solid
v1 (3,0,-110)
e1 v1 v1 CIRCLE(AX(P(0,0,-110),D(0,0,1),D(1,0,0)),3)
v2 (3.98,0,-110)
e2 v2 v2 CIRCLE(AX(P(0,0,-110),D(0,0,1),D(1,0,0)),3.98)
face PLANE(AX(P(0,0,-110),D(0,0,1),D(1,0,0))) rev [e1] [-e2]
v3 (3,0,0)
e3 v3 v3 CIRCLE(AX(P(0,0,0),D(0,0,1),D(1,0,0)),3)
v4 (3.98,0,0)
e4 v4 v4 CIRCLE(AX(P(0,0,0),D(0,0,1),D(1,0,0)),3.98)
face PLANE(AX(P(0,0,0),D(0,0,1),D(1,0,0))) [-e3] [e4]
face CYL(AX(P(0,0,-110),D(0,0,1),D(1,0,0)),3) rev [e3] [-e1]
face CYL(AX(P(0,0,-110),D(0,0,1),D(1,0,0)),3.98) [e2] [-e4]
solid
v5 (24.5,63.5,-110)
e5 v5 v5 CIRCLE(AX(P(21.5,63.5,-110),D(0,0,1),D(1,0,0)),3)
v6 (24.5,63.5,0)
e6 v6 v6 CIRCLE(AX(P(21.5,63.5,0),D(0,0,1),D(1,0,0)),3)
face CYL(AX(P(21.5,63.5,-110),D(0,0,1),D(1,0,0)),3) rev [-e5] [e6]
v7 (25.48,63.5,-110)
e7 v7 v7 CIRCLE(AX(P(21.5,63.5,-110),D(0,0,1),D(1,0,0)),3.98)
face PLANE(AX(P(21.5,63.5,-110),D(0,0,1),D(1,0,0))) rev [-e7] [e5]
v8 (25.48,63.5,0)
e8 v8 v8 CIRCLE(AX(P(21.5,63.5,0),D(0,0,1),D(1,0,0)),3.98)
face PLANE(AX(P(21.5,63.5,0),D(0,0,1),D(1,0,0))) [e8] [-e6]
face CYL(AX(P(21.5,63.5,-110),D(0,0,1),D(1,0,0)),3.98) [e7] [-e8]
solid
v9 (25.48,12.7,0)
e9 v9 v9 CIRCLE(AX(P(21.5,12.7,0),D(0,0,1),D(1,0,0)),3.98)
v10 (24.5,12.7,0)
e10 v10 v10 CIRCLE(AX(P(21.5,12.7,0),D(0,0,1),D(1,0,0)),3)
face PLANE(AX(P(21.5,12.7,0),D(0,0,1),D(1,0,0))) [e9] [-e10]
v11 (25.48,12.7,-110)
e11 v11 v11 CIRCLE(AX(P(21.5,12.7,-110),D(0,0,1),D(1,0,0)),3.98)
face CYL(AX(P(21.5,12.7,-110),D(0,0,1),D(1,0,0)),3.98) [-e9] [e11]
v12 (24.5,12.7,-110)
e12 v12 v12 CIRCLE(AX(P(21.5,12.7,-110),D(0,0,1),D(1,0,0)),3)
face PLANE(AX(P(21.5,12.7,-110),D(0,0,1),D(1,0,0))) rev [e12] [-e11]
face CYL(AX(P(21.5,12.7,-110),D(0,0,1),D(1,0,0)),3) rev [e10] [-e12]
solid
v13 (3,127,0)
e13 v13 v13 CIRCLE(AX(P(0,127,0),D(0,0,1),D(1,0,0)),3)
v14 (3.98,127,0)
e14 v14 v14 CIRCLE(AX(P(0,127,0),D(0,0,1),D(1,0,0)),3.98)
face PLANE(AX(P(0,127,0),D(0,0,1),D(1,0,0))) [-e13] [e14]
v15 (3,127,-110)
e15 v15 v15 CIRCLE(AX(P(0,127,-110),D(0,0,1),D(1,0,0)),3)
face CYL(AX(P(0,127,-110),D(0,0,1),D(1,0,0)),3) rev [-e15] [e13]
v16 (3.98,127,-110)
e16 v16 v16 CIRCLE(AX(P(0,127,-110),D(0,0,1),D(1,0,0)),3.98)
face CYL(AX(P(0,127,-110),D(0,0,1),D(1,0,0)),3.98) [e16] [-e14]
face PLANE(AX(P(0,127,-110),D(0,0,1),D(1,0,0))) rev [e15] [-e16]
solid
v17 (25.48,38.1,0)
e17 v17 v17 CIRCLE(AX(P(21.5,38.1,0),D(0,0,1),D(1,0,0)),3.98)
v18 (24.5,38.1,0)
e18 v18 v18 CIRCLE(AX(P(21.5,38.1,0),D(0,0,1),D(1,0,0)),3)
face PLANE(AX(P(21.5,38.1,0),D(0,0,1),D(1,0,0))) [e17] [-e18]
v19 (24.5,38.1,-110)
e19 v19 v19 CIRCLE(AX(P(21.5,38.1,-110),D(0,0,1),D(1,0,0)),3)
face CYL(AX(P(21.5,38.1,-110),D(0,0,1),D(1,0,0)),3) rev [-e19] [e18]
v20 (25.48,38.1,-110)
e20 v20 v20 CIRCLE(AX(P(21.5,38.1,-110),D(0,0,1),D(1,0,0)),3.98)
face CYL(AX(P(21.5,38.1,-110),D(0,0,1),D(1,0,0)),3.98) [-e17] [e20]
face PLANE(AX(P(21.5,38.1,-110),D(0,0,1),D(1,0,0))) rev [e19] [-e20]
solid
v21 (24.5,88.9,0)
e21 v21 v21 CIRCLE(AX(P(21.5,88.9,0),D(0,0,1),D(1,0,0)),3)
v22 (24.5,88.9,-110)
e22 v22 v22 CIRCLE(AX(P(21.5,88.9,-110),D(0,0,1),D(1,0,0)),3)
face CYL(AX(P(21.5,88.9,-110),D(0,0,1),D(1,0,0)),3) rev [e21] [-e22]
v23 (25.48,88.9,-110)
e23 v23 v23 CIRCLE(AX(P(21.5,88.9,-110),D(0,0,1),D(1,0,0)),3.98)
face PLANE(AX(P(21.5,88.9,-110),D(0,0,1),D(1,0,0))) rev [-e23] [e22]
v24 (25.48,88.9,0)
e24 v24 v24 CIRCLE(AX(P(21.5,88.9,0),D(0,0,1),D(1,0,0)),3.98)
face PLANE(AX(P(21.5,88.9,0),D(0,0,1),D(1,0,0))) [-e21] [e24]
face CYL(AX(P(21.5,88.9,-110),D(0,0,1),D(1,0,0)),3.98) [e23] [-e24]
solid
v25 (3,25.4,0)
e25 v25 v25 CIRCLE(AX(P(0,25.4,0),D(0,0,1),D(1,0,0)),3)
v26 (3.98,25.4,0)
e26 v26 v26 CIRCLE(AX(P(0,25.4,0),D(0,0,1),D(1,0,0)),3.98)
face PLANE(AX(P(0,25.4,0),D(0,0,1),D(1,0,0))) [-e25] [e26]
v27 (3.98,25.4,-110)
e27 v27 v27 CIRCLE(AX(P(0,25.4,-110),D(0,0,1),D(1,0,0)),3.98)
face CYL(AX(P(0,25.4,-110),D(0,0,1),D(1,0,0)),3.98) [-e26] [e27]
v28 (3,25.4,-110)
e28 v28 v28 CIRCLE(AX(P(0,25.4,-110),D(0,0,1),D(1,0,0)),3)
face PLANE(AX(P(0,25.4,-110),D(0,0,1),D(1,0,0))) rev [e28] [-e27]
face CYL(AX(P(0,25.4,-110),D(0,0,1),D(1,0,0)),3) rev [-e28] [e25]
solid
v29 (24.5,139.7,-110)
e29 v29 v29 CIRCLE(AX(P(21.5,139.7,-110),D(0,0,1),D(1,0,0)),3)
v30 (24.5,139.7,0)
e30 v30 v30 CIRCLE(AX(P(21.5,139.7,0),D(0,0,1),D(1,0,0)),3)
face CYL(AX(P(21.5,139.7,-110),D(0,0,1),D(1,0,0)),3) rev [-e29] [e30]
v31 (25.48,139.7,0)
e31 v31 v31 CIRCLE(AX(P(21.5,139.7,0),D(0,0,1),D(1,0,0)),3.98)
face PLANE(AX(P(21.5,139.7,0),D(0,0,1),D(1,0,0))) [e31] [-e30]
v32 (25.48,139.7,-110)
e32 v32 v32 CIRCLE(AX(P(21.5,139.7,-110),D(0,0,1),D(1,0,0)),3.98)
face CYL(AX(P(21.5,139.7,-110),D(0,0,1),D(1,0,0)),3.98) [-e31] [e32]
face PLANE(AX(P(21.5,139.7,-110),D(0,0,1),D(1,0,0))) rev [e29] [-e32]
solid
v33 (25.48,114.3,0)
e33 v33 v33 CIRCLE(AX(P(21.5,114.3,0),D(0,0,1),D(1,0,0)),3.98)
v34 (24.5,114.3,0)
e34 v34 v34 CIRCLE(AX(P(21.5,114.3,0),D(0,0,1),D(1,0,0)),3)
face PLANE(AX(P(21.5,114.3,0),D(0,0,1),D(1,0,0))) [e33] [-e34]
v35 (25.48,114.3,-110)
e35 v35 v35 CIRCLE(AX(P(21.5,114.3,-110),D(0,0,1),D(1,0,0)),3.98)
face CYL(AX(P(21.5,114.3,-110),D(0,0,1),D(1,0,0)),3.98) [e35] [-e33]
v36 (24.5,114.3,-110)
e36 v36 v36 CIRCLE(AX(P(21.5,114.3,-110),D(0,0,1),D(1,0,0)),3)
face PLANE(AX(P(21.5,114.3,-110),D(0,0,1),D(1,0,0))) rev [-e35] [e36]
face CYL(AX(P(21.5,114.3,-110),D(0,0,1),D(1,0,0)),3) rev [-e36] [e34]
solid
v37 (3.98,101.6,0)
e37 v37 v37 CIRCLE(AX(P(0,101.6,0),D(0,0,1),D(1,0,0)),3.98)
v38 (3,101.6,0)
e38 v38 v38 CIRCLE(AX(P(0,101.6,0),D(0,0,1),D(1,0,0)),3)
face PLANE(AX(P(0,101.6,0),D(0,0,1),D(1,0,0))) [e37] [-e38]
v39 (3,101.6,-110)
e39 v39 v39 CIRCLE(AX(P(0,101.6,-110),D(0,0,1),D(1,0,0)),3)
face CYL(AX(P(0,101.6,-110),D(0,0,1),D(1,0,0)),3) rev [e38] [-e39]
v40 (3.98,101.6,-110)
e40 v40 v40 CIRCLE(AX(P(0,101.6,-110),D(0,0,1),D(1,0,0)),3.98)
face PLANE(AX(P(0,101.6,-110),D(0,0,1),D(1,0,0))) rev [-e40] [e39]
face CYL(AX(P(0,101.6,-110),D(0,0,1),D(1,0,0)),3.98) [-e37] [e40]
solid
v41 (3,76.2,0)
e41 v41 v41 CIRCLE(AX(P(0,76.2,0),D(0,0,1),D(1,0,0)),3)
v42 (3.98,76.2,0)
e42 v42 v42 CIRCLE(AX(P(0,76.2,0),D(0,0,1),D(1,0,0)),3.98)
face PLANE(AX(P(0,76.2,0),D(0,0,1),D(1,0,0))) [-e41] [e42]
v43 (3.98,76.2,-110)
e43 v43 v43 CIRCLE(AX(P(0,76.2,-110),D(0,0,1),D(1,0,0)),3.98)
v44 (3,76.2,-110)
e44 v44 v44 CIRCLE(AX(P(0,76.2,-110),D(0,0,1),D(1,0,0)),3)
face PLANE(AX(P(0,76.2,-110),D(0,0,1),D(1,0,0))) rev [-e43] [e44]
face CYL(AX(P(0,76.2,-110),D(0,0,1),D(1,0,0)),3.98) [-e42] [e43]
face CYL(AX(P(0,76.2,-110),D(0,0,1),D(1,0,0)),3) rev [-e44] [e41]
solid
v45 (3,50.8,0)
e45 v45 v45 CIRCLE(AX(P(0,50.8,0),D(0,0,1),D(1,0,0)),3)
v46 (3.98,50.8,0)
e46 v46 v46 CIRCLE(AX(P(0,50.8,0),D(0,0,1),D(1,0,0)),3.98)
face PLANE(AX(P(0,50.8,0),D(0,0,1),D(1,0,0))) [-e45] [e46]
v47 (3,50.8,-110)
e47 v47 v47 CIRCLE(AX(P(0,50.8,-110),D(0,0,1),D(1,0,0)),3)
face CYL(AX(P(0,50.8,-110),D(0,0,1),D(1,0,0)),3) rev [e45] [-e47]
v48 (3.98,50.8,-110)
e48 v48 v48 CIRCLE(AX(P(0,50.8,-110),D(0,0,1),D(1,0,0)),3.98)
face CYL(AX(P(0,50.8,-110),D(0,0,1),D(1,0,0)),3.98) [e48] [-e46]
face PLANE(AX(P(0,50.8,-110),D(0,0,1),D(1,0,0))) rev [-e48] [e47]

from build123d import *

# Parameters (mm, degrees)
ESBO_O1_R                   = 3.98
ESBO_O1_R_2                 = 3
RESSALTO_EXTRUS_O1_DEPTH    = 110
RESSALTO_EXTRUS_O1_2_DEPTH  = 110
RESSALTO_EXTRUS_O1_3_DEPTH  = 110
RESSALTO_EXTRUS_O1_4_DEPTH  = 110
RESSALTO_EXTRUS_O1_5_DEPTH  = 110
RESSALTO_EXTRUS_O1_6_DEPTH  = 110
RESSALTO_EXTRUS_O1_7_DEPTH  = 110
RESSALTO_EXTRUS_O1_8_DEPTH  = 110
RESSALTO_EXTRUS_O1_9_DEPTH  = 110
RESSALTO_EXTRUS_O1_10_DEPTH = 110
RESSALTO_EXTRUS_O1_11_DEPTH = 110
RESSALTO_EXTRUS_O1_12_DEPTH = 110


with BuildPart() as part:
    # Esboço1 → Ressalto-extrusão1 (new body)
    with BuildSketch(Plane.XY):
        Circle(ESBO_O1_R)
        Circle(ESBO_O1_R_2, mode=Mode.SUBTRACT)
    extrude(amount=-RESSALTO_EXTRUS_O1_DEPTH)


with BuildPart() as body_2:
    # Esboço1 → Ressalto-extrus_o1 2 (new body)
    with BuildSketch(Plane.XY):
        with Locations((21.5, 12.7)):
            Circle(ESBO_O1_R)
        with Locations((21.5, 12.7)):
            Circle(ESBO_O1_R_2, mode=Mode.SUBTRACT)
    extrude(amount=-RESSALTO_EXTRUS_O1_2_DEPTH)


with BuildPart() as body_3:
    # Esboço1 → Ressalto-extrus_o1 3 (new body)
    with BuildSketch(Plane.XY):
        with Locations((0, 25.4)):
            Circle(ESBO_O1_R)
        with Locations((0, 25.4)):
            Circle(ESBO_O1_R_2, mode=Mode.SUBTRACT)
    extrude(amount=-RESSALTO_EXTRUS_O1_3_DEPTH)


with BuildPart() as body_4:
    # Esboço1 → Ressalto-extrus_o1 4 (new body)
    with BuildSketch(Plane.XY):
        with Locations((0, 50.8)):
            Circle(ESBO_O1_R)
        with Locations((0, 50.8)):
            Circle(ESBO_O1_R_2, mode=Mode.SUBTRACT)
    extrude(amount=-RESSALTO_EXTRUS_O1_4_DEPTH)


with BuildPart() as body_5:
    # Esboço1 → Ressalto-extrus_o1 5 (new body)
    with BuildSketch(Plane.XY):
        with Locations((0, 76.2)):
            Circle(ESBO_O1_R)
        with Locations((0, 76.2)):
            Circle(ESBO_O1_R_2, mode=Mode.SUBTRACT)
    extrude(amount=-RESSALTO_EXTRUS_O1_5_DEPTH)


with BuildPart() as body_6:
    # Esboço1 → Ressalto-extrus_o1 6 (new body)
    with BuildSketch(Plane.XY):
        with Locations((0, 101.6)):
            Circle(ESBO_O1_R)
        with Locations((0, 101.6)):
            Circle(ESBO_O1_R_2, mode=Mode.SUBTRACT)
    extrude(amount=-RESSALTO_EXTRUS_O1_6_DEPTH)


with BuildPart() as body_7:
    # Esboço1 → Ressalto-extrus_o1 7 (new body)
    with BuildSketch(Plane.XY):
        with Locations((0, 127)):
            Circle(ESBO_O1_R)
        with Locations((0, 127)):
            Circle(ESBO_O1_R_2, mode=Mode.SUBTRACT)
    extrude(amount=-RESSALTO_EXTRUS_O1_7_DEPTH)


with BuildPart() as body_8:
    # Esboço1 → Ressalto-extrus_o1 8 (new body)
    with BuildSketch(Plane.XY):
        with Locations((21.5, 38.1)):
            Circle(ESBO_O1_R)
        with Locations((21.5, 38.1)):
            Circle(ESBO_O1_R_2, mode=Mode.SUBTRACT)
    extrude(amount=-RESSALTO_EXTRUS_O1_8_DEPTH)


with BuildPart() as body_9:
    # Esboço1 → Ressalto-extrus_o1 9 (new body)
    with BuildSketch(Plane.XY):
        with Locations((21.5, 63.5)):
            Circle(ESBO_O1_R)
        with Locations((21.5, 63.5)):
            Circle(ESBO_O1_R_2, mode=Mode.SUBTRACT)
    extrude(amount=-RESSALTO_EXTRUS_O1_9_DEPTH)


with BuildPart() as body_10:
    # Esboço1 → Ressalto-extrus_o1 10 (new body)
    with BuildSketch(Plane.XY):
        with Locations((21.5, 88.9)):
            Circle(ESBO_O1_R)
        with Locations((21.5, 88.9)):
            Circle(ESBO_O1_R_2, mode=Mode.SUBTRACT)
    extrude(amount=-RESSALTO_EXTRUS_O1_10_DEPTH)


with BuildPart() as body_11:
    # Esboço1 → Ressalto-extrus_o1 11 (new body)
    with BuildSketch(Plane.XY):
        with Locations((21.5, 114.3)):
            Circle(ESBO_O1_R)
        with Locations((21.5, 114.3)):
            Circle(ESBO_O1_R_2, mode=Mode.SUBTRACT)
    extrude(amount=-RESSALTO_EXTRUS_O1_11_DEPTH)


with BuildPart() as body_12:
    # Esboço1 → Ressalto-extrus_o1 12 (new body)
    with BuildSketch(Plane.XY):
        with Locations((21.5, 139.7)):
            Circle(ESBO_O1_R)
        with Locations((21.5, 139.7)):
            Circle(ESBO_O1_R_2, mode=Mode.SUBTRACT)
    extrude(amount=-RESSALTO_EXTRUS_O1_12_DEPTH)


solid = Compound([part.part, body_2.part, body_3.part, body_4.part, body_5.part, body_6.part, body_7.part, body_8.part, body_9.part, body_10.part, body_11.part, body_12.part])
